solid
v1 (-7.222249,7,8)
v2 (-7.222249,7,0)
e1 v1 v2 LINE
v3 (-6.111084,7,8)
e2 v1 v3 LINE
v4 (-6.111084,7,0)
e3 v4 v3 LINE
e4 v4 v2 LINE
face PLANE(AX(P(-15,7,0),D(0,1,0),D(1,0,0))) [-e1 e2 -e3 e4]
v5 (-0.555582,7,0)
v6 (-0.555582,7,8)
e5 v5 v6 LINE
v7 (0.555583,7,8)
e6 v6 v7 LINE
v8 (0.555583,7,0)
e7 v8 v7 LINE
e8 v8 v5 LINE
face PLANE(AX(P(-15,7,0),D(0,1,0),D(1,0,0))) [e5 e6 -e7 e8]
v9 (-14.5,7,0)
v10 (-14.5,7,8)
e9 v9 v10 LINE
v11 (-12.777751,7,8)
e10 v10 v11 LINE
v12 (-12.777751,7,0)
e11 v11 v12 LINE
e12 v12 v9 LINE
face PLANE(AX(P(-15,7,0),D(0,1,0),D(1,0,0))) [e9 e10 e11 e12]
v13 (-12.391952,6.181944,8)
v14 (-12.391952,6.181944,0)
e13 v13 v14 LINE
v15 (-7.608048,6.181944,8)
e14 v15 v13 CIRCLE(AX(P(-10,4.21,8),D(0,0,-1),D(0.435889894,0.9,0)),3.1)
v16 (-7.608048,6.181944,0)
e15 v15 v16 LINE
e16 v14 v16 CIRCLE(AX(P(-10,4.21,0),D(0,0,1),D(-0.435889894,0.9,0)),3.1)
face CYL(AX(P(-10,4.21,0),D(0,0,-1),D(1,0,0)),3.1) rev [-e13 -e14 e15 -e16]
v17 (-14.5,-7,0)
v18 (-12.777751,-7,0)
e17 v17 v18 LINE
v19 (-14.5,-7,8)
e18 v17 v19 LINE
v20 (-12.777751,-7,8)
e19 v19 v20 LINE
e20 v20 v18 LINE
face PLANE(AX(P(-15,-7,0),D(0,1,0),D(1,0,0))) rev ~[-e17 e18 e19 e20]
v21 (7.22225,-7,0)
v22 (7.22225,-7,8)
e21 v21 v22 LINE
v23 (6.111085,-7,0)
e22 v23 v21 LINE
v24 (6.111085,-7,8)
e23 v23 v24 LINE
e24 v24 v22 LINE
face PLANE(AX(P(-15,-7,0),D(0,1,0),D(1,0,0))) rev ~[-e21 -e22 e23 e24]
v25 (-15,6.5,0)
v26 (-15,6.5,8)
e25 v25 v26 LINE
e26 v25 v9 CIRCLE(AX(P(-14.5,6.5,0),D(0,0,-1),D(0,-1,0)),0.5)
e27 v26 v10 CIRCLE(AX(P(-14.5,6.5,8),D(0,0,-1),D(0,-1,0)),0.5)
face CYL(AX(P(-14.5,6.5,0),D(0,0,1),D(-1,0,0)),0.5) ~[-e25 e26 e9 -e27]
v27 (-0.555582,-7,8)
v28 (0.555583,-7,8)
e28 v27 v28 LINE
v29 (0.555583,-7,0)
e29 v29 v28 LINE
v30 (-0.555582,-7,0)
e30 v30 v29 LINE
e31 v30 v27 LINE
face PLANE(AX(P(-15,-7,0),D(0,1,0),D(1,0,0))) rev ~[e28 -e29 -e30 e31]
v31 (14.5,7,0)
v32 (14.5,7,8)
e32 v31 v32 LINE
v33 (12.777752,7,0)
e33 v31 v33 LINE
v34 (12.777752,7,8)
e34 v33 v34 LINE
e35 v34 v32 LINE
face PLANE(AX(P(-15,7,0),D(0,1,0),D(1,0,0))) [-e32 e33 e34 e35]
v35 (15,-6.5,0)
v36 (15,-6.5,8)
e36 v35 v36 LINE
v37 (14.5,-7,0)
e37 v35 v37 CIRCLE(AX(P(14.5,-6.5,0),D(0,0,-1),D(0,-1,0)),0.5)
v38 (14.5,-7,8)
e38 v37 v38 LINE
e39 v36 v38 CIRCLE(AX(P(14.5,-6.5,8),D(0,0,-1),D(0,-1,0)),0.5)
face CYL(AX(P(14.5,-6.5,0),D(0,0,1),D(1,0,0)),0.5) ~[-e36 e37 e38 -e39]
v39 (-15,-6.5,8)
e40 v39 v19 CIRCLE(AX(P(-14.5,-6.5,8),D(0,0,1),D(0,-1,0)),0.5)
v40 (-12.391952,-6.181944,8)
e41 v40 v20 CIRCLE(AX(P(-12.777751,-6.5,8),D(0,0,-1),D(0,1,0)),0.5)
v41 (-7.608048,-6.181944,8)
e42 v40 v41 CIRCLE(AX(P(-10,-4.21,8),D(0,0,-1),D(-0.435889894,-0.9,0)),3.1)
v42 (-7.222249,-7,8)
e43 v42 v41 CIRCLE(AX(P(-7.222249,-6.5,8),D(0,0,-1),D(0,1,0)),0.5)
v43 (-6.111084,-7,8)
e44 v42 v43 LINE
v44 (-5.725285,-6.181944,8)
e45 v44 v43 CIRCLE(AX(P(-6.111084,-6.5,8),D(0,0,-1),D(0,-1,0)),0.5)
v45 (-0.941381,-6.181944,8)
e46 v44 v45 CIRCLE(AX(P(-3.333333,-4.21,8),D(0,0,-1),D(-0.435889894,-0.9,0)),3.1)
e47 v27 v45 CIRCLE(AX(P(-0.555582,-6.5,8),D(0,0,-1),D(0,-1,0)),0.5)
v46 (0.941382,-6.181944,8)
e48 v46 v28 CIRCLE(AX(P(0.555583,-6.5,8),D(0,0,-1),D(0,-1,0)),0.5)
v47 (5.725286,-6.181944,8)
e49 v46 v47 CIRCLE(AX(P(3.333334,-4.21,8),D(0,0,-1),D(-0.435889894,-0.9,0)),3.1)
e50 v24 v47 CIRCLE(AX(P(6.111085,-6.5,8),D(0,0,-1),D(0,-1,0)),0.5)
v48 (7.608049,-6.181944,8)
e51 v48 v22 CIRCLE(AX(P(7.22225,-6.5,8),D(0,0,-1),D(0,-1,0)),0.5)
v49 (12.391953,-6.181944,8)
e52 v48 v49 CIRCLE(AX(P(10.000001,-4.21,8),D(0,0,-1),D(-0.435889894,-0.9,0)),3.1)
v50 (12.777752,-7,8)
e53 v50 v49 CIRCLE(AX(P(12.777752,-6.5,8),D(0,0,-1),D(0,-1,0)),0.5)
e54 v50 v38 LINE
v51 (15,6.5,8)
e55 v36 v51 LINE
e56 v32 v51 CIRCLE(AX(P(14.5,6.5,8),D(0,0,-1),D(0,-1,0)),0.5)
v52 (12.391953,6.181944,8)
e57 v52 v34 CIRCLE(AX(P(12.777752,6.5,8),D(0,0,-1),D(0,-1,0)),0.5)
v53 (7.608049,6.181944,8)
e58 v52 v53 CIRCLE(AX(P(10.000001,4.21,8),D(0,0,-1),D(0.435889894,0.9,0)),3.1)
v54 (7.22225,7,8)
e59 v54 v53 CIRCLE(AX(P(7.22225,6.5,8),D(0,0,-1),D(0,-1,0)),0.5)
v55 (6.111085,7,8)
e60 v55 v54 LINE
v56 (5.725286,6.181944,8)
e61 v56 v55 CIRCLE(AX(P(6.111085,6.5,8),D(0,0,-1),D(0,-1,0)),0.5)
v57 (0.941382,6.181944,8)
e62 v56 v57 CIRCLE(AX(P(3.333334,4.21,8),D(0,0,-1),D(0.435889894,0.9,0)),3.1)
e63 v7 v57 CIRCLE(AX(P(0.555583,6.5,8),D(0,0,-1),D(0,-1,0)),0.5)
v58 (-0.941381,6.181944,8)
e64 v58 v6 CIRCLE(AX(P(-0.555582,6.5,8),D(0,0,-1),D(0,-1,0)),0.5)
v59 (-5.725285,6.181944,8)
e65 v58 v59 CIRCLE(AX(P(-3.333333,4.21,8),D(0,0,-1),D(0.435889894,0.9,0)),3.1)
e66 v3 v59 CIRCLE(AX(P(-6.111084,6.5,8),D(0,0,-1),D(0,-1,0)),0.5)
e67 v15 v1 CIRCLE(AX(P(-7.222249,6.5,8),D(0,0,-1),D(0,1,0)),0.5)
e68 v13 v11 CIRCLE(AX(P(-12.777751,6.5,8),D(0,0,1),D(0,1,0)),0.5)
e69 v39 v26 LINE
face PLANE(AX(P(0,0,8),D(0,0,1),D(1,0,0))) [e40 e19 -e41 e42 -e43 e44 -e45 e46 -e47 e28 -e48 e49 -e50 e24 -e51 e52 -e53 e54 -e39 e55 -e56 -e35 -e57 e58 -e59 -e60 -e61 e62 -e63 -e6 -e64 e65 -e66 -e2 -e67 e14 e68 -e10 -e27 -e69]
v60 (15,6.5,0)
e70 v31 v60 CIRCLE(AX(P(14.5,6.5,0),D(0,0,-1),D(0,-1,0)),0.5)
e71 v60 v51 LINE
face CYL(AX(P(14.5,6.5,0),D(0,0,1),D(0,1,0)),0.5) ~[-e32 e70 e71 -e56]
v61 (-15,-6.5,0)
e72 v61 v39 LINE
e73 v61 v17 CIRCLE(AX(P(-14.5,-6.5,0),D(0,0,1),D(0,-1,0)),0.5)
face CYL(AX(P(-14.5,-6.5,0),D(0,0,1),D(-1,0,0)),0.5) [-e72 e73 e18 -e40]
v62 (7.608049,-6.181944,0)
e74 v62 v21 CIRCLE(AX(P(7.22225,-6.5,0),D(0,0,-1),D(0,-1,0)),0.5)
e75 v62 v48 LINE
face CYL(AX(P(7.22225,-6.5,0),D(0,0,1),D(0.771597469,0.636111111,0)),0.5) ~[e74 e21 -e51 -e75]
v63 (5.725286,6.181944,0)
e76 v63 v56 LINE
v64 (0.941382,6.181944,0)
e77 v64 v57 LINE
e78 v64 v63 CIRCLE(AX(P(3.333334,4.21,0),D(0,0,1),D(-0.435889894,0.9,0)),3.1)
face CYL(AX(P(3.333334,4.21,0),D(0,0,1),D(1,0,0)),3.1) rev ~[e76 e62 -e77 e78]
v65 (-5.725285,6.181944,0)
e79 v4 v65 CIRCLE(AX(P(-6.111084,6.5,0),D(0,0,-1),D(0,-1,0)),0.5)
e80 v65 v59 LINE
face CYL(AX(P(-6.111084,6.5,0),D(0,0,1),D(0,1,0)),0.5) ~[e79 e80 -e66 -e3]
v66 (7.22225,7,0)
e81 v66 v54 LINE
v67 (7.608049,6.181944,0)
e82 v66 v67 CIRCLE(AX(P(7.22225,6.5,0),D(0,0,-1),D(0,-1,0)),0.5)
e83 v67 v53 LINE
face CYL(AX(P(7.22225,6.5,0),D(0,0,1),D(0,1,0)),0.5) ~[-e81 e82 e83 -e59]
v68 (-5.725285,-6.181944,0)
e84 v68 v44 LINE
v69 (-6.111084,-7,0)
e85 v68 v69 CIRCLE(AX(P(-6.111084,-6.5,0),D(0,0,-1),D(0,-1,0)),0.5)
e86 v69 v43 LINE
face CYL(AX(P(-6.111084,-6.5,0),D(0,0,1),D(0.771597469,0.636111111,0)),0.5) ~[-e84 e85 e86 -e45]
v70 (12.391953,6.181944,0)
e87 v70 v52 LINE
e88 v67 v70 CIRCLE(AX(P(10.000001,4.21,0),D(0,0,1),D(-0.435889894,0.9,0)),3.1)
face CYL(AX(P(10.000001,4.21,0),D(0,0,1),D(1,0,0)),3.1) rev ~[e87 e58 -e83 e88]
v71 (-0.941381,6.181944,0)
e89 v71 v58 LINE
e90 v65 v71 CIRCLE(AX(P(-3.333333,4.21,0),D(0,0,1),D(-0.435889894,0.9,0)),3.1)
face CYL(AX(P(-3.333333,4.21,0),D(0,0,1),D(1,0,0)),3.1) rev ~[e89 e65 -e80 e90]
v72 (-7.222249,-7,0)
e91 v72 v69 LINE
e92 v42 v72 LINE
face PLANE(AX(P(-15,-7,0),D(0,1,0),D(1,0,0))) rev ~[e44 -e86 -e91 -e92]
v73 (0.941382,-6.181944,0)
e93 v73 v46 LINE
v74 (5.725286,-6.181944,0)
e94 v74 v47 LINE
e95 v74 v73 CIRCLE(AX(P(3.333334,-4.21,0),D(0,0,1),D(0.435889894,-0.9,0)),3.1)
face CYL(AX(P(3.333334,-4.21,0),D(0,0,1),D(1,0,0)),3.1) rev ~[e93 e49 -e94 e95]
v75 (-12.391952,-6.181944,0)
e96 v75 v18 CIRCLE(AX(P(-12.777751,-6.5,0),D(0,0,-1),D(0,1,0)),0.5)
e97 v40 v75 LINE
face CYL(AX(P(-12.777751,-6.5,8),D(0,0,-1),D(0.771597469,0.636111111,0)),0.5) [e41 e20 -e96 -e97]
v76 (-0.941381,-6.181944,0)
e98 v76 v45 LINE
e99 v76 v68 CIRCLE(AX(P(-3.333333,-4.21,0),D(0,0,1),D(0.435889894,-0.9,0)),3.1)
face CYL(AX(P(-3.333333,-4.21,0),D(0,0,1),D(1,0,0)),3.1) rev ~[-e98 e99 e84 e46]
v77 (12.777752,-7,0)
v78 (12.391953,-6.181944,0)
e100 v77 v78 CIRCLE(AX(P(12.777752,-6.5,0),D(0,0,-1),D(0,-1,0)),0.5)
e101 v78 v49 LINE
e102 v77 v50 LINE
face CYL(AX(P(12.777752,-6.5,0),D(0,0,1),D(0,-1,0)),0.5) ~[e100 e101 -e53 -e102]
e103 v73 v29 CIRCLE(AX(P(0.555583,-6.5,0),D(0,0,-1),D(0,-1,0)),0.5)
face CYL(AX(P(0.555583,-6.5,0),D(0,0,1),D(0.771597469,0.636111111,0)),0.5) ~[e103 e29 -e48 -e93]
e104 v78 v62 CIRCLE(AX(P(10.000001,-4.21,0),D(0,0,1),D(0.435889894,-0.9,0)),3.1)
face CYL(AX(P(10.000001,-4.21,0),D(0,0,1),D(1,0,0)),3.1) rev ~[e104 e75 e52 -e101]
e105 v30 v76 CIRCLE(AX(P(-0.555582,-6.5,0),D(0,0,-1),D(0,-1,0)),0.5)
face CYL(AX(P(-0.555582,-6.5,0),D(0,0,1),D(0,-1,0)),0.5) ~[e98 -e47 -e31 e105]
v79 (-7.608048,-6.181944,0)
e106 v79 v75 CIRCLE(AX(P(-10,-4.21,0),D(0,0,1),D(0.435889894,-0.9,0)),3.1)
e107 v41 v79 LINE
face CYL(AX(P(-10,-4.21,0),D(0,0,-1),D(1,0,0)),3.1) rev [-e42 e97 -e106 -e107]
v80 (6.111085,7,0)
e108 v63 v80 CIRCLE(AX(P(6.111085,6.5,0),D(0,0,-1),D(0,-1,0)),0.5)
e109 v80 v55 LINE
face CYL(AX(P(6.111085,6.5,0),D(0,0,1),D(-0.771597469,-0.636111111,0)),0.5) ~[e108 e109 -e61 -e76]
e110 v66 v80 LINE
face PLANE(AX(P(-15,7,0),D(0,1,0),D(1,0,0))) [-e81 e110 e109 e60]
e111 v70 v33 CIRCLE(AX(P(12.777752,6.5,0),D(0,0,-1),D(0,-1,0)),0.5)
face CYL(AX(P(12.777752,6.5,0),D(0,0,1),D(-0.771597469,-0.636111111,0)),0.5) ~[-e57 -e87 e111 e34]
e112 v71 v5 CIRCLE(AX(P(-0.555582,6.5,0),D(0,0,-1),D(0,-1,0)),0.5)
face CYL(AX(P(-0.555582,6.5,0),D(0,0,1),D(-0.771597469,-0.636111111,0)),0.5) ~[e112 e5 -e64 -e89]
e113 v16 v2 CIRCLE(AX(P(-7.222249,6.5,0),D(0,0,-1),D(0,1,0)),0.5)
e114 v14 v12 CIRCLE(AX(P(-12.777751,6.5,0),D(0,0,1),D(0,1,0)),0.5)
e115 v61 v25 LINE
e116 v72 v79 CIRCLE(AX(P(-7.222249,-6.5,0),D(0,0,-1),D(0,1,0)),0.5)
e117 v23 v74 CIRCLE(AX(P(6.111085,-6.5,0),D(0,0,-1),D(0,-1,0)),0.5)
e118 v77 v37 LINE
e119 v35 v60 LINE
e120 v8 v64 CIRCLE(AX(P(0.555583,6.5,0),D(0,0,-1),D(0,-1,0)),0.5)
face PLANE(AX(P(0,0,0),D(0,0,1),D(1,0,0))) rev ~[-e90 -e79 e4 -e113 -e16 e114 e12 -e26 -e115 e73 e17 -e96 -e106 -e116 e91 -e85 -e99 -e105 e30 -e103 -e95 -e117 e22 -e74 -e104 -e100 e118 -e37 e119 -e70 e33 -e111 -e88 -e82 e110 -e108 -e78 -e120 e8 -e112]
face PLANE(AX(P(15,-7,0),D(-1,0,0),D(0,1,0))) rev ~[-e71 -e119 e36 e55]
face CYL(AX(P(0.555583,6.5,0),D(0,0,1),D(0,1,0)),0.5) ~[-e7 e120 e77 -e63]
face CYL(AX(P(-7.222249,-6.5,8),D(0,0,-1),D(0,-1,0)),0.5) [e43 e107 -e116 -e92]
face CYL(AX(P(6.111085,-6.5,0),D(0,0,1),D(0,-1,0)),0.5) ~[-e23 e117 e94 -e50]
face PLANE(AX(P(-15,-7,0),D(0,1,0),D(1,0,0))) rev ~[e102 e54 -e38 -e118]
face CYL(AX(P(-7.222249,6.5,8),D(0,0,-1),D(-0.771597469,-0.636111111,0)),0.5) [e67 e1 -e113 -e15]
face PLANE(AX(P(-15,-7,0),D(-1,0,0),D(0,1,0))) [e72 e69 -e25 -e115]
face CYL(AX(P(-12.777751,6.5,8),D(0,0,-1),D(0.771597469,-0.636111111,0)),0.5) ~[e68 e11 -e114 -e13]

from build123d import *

# Parameters (mm, degrees)
SKETCH006_W            = 30
SKETCH006_H            = 14
PAD003_DEPTH           = 8
SKETCH007_R            = 3.1
POCKET003_DEPTH        = 0.001
POCKET003_DEPTH_BACK   = 8.001
LINEARPATTERN003_COUNT = 4
LINEARPATTERN003_PITCH = 6.666667
PARTDESIGN_FILLET003_R = 0.5


with BuildPart() as part:
    # Sketch006 → Pad003 (new body)
    with BuildSketch(Plane.XY):
        Rectangle(SKETCH006_W, SKETCH006_H)
    extrude(amount=PAD003_DEPTH)

    # Sketch007 → Pocket003 (cut, two sides)
    with BuildSketch(Plane.XY) as pocket003_sk:
        with Locations((-10, 4.21)):
            Circle(SKETCH007_R)
        with Locations((-10, -4.21)):
            Circle(SKETCH007_R)
    pocket003 = extrude(amount=-POCKET003_DEPTH, mode=Mode.SUBTRACT) + extrude(pocket003_sk.sketch, amount=POCKET003_DEPTH_BACK, mode=Mode.SUBTRACT)

    # LinearPattern003: Pocket003 ×4
    with Locations(*[(i * LINEARPATTERN003_PITCH, 0, 0) for i in range(1, LINEARPATTERN003_COUNT)]):
        add(pocket003, mode=Mode.SUBTRACT)

    # PartDesign__Fillet003
    partdesign_fillet003_edges = [part.edges().sort_by_distance(p)[0] for p in [
        (-15, -7, 4),
        (-15, 7, 4),
        (-11.351259, -7, 4),
        (-11.351259, 7, 4),
        (-6.9, -4.21, 4),
        (-6.9, 4.21, 4),
        (-8.648741, 7, 4),
        (-4.684592, 7, 4),
        (-0.233333, 4.21, 4),
        (-1.982075, 7, 4),
        (1.982075, 7, 4),
        (6.433333, 4.21, 4),
        (4.684592, 7, 4),
        (8.648741, 7, 4),
        (13.1, 4.21, 4),
        (11.351259, 7, 4),
        (15, 7, 4),
        (15, -7, 4),
        (11.351259, -7, 4),
        (13.1, -4.21, 4),
        (8.648741, -7, 4),
        (4.684592, -7, 4),
        (6.433333, -4.21, 4),
        (1.982075, -7, 4),
        (-1.982075, -7, 4),
        (-0.233333, -4.21, 4),
        (-4.684592, -7, 4),
        (-8.648741, -7, 4),
    ]]
    fillet(partdesign_fillet003_edges, radius=PARTDESIGN_FILLET003_R)


solid = part.part
